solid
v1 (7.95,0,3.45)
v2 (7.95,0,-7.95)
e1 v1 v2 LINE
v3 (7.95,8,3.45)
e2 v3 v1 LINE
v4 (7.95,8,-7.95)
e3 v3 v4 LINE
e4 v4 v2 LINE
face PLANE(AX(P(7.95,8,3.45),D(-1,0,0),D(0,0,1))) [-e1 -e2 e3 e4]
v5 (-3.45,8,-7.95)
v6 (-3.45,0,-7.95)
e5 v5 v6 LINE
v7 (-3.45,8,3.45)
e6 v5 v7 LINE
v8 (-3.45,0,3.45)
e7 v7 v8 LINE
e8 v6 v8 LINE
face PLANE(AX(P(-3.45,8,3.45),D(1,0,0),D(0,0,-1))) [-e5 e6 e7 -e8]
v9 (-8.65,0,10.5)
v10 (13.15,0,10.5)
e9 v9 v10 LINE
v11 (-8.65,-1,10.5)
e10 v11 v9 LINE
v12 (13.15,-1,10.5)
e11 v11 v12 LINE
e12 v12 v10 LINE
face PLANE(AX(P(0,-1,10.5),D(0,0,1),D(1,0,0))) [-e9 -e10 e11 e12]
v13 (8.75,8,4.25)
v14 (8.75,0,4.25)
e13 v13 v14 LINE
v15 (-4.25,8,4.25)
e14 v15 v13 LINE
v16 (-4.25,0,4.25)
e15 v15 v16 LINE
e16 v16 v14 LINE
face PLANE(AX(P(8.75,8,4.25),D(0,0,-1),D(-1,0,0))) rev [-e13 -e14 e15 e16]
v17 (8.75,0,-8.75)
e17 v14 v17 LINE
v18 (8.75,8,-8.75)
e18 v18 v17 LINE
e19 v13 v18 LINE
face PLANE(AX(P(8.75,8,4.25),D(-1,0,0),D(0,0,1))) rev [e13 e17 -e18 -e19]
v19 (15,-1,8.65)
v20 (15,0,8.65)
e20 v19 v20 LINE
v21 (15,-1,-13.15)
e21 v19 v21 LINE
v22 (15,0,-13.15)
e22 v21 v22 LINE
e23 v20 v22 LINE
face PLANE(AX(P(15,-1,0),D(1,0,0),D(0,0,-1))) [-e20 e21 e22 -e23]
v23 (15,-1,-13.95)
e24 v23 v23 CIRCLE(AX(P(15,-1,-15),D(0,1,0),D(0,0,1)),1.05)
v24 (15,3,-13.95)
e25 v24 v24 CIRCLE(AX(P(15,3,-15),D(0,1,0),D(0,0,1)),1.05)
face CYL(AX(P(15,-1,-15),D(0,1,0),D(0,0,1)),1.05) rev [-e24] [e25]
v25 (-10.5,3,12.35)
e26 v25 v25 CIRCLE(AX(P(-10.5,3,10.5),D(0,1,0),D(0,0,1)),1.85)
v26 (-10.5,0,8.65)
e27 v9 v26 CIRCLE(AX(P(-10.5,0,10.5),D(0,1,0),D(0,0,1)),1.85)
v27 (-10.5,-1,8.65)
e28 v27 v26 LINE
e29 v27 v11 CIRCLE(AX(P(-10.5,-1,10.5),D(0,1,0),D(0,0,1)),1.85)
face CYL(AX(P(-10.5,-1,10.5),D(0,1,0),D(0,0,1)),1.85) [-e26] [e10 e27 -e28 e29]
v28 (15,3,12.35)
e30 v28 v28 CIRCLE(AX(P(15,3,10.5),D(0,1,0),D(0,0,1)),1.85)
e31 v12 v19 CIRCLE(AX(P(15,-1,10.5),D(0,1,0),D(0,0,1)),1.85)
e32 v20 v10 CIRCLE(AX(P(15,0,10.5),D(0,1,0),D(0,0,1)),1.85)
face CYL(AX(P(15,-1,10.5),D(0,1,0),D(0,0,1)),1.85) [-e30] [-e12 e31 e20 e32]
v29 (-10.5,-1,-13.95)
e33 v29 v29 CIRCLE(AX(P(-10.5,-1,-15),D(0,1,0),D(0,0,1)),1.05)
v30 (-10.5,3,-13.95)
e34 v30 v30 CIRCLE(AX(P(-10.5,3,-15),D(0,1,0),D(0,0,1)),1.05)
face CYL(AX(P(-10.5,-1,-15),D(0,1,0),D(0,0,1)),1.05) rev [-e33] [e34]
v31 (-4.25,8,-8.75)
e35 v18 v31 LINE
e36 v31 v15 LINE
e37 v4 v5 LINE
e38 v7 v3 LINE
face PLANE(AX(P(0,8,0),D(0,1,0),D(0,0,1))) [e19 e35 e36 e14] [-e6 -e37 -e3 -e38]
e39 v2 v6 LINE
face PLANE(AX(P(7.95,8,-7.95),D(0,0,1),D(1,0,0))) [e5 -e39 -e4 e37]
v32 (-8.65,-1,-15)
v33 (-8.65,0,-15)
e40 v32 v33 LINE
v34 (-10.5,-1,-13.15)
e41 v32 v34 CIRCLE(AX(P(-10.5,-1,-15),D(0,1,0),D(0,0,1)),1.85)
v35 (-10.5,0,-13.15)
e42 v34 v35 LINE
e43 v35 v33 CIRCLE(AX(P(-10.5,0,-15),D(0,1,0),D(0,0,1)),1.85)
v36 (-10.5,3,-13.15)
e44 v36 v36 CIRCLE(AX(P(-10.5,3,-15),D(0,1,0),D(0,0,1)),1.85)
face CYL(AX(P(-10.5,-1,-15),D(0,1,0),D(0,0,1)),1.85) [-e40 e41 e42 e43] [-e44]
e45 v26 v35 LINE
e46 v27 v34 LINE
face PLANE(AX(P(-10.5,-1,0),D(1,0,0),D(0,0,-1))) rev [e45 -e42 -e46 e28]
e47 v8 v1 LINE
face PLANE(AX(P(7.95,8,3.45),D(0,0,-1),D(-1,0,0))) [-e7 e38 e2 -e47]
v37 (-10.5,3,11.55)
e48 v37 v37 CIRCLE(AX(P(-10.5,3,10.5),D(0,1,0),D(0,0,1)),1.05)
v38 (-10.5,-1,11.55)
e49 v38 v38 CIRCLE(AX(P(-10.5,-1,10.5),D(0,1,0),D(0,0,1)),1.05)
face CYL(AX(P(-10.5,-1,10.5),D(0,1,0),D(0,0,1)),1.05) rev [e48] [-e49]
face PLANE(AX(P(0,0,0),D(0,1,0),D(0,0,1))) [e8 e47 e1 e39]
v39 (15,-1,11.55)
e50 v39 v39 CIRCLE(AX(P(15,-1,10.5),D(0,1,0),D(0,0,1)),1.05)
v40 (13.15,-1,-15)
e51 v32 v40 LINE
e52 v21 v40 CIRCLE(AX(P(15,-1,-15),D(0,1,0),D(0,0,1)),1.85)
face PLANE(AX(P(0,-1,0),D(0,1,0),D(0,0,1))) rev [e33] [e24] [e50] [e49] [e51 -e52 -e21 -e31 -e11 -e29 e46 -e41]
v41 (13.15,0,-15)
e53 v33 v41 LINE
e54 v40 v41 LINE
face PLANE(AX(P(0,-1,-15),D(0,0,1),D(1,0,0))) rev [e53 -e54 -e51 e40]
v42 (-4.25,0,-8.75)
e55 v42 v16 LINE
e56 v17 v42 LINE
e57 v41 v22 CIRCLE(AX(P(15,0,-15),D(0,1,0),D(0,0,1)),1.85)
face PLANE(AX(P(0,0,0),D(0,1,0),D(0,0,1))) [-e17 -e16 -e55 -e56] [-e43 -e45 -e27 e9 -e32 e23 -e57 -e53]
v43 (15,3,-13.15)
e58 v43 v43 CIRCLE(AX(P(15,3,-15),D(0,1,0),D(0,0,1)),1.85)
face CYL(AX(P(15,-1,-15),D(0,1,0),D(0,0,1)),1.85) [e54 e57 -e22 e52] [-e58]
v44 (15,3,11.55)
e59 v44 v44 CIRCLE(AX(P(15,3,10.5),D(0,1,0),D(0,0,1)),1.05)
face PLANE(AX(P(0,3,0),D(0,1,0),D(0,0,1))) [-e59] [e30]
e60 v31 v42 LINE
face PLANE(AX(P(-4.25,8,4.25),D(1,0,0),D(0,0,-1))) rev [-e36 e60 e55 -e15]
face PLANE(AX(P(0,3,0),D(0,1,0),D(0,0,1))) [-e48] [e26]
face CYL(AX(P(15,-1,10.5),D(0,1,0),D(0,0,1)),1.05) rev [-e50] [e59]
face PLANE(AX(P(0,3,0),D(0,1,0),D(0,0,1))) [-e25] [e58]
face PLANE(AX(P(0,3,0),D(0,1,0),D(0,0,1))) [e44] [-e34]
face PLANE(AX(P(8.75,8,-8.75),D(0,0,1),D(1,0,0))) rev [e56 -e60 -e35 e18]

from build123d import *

# Parameters (mm, degrees)
SKETCH1_R           = 1.05
BOSS_EXTRUDE2_DEPTH = 1
BOSS_EXTRUDE4_START = 3
BOSS_EXTRUDE4_DEPTH = 3
SKETCH2_W           = 13
SKETCH2_H           = 13
SKETCH2_W_2         = 11.4
SKETCH2_H_2         = 11.4
BOSS_EXTRUDE5_DEPTH = 8


with BuildPart() as part:
    # Sketch1 → Boss-Extrude2 (new body)
    with BuildSketch(Plane(origin=(0, 0, 0), x_dir=(1, 0, 0), z_dir=(0, 1, 0))):
        with BuildLine():
            ThreePointArc((-10.5, -8.65), (-11.808147545, -11.808147545), (-8.65, -10.5))
            Line((-8.65, -10.5), (13.15, -10.5))
            ThreePointArc((13.15, -10.5), (16.308147545, -11.808147545), (15, -8.65))
            Line((15, -8.65), (15, 13.15))
            ThreePointArc((15, 13.15), (16.308147545, 16.308147545), (13.15, 15))
            Line((13.15, 15), (-8.65, 15))
            ThreePointArc((-8.65, 15), (-11.808147545, 16.308147545), (-10.5, 13.15))
            Line((-10.5, 13.15), (-10.5, -8.65))
        make_face()
        with Locations((-10.5, -10.5)):
            Circle(SKETCH1_R, mode=Mode.SUBTRACT)
        with Locations((-10.5, 15)):
            Circle(SKETCH1_R, mode=Mode.SUBTRACT)
        with Locations((15, 15)):
            Circle(SKETCH1_R, mode=Mode.SUBTRACT)
        with Locations((15, -10.5)):
            Circle(SKETCH1_R, mode=Mode.SUBTRACT)
    extrude(amount=-BOSS_EXTRUDE2_DEPTH)

    # Sketch1<5> → Boss-Extrude4 (add)
    with BuildSketch(Plane(origin=(0, 0, 0), x_dir=(1, 0, 0), z_dir=(0, 1, 0)).offset(BOSS_EXTRUDE4_START)):
        with BuildLine():
            ThreePointArc((15, -8.65), (13.691852455, -9.191852455), (13.15, -10.5))
            Line((13.15, -10.5), (13.95, -10.5))
            ThreePointArc((13.95, -10.5), (14.25753788, -9.75753788), (15, -9.45))
            Line((15, -9.45), (15, -8.65))
        make_face()
        with BuildLine():
            Line((13.95, -10.5), (13.15, -10.5))
            ThreePointArc((13.15, -10.5), (15, -12.35), (16.85, -10.5))
            ThreePointArc((16.85, -10.5), (16.308147545, -9.191852455), (15, -8.65))
            Line((15, -8.65), (15, -9.45))
            ThreePointArc((15, -9.45), (15.74246212, -9.75753788), (16.05, -10.5))
            ThreePointArc((16.05, -10.5), (15, -11.55), (13.95, -10.5))
        make_face()
        with BuildLine():
            ThreePointArc((15, -8.65), (13.691852455, -9.191852455), (13.15, -10.5))
            Line((13.15, -10.5), (13.95, -10.5))
            ThreePointArc((13.95, -10.5), (14.25753788, -9.75753788), (15, -9.45))
            Line((15, -9.45), (15, -8.65))
        make_face()
        with BuildLine():
            Line((13.95, -10.5), (13.15, -10.5))
            ThreePointArc((13.15, -10.5), (15, -12.35), (16.85, -10.5))
            ThreePointArc((16.85, -10.5), (16.308147545, -9.191852455), (15, -8.65))
            Line((15, -8.65), (15, -9.45))
            ThreePointArc((15, -9.45), (15.74246212, -9.75753788), (16.05, -10.5))
            ThreePointArc((16.05, -10.5), (15, -11.55), (13.95, -10.5))
        make_face()
        with BuildLine():
            ThreePointArc((13.15, 15), (13.691852455, 13.691852455), (15, 13.15))
            Line((15, 13.15), (15, 13.95))
            ThreePointArc((15, 13.95), (14.25753788, 14.25753788), (13.95, 15))
            Line((13.95, 15), (13.15, 15))
        make_face()
        with BuildLine():
            Line((15, 13.95), (15, 13.15))
            ThreePointArc((15, 13.15), (16.308147545, 13.691852455), (16.85, 15))
            ThreePointArc((16.85, 15), (15, 16.85), (13.15, 15))
            Line((13.15, 15), (13.95, 15))
            ThreePointArc((13.95, 15), (15, 16.05), (16.05, 15))
            ThreePointArc((16.05, 15), (15.74246212, 14.25753788), (15, 13.95))
        make_face()
        with BuildLine():
            ThreePointArc((13.15, 15), (13.691852455, 13.691852455), (15, 13.15))
            Line((15, 13.15), (15, 13.95))
            ThreePointArc((15, 13.95), (14.25753788, 14.25753788), (13.95, 15))
            Line((13.95, 15), (13.15, 15))
        make_face()
        with BuildLine():
            Line((15, 13.95), (15, 13.15))
            ThreePointArc((15, 13.15), (16.308147545, 13.691852455), (16.85, 15))
            ThreePointArc((16.85, 15), (15, 16.85), (13.15, 15))
            Line((13.15, 15), (13.95, 15))
            ThreePointArc((13.95, 15), (15, 16.05), (16.05, 15))
            ThreePointArc((16.05, 15), (15.74246212, 14.25753788), (15, 13.95))
        make_face()
        with BuildLine():
            ThreePointArc((-10.5, -9.45), (-9.75753788, -9.75753788), (-9.45, -10.5))
            Line((-9.45, -10.5), (-8.65, -10.5))
            ThreePointArc((-8.65, -10.5), (-9.191852455, -9.191852455), (-10.5, -8.65))
            Line((-10.5, -8.65), (-10.5, -9.45))
        make_face()
        with BuildLine():
            Line((-8.65, -10.5), (-9.45, -10.5))
            ThreePointArc((-9.45, -10.5), (-11.24246212, -11.24246212), (-10.5, -9.45))
            Line((-10.5, -9.45), (-10.5, -8.65))
            ThreePointArc((-10.5, -8.65), (-11.808147545, -11.808147545), (-8.65, -10.5))
        make_face()
        with BuildLine():
            ThreePointArc((-10.5, -9.45), (-9.75753788, -9.75753788), (-9.45, -10.5))
            Line((-9.45, -10.5), (-8.65, -10.5))
            ThreePointArc((-8.65, -10.5), (-9.191852455, -9.191852455), (-10.5, -8.65))
            Line((-10.5, -8.65), (-10.5, -9.45))
        make_face()
        with BuildLine():
            Line((-8.65, -10.5), (-9.45, -10.5))
            ThreePointArc((-9.45, -10.5), (-11.24246212, -11.24246212), (-10.5, -9.45))
            Line((-10.5, -9.45), (-10.5, -8.65))
            ThreePointArc((-10.5, -8.65), (-11.808147545, -11.808147545), (-8.65, -10.5))
        make_face()
        with BuildLine():
            ThreePointArc((-8.65, 15), (-11.808147545, 16.308147545), (-10.5, 13.15))
            Line((-10.5, 13.15), (-10.5, 13.95))
            ThreePointArc((-10.5, 13.95), (-11.24246212, 15.74246212), (-9.45, 15))
            Line((-9.45, 15), (-8.65, 15))
        make_face()
        with BuildLine():
            Line((-10.5, 13.95), (-10.5, 13.15))
            ThreePointArc((-10.5, 13.15), (-9.191852455, 13.691852455), (-8.65, 15))
            Line((-8.65, 15), (-9.45, 15))
            ThreePointArc((-9.45, 15), (-9.75753788, 14.25753788), (-10.5, 13.95))
        make_face()
        with BuildLine():
            ThreePointArc((-8.65, 15), (-11.808147545, 16.308147545), (-10.5, 13.15))
            Line((-10.5, 13.15), (-10.5, 13.95))
            ThreePointArc((-10.5, 13.95), (-11.24246212, 15.74246212), (-9.45, 15))
            Line((-9.45, 15), (-8.65, 15))
        make_face()
        with BuildLine():
            Line((-10.5, 13.95), (-10.5, 13.15))
            ThreePointArc((-10.5, 13.15), (-9.191852455, 13.691852455), (-8.65, 15))
            Line((-8.65, 15), (-9.45, 15))
            ThreePointArc((-9.45, 15), (-9.75753788, 14.25753788), (-10.5, 13.95))
        make_face()
    extrude(amount=-BOSS_EXTRUDE4_DEPTH)

    # Sketch2 → Boss-Extrude5 (add)
    with BuildSketch(Plane(origin=(0, 0, 0), x_dir=(1, 0, 0), z_dir=(0, 1, 0))):
        with Locations((2.25, 2.25)):
            Rectangle(SKETCH2_W, SKETCH2_H)
        with Locations((2.25, 2.25)):
            Rectangle(SKETCH2_W_2, SKETCH2_H_2, mode=Mode.SUBTRACT)
    extrude(amount=BOSS_EXTRUDE5_DEPTH)


solid = part.part
